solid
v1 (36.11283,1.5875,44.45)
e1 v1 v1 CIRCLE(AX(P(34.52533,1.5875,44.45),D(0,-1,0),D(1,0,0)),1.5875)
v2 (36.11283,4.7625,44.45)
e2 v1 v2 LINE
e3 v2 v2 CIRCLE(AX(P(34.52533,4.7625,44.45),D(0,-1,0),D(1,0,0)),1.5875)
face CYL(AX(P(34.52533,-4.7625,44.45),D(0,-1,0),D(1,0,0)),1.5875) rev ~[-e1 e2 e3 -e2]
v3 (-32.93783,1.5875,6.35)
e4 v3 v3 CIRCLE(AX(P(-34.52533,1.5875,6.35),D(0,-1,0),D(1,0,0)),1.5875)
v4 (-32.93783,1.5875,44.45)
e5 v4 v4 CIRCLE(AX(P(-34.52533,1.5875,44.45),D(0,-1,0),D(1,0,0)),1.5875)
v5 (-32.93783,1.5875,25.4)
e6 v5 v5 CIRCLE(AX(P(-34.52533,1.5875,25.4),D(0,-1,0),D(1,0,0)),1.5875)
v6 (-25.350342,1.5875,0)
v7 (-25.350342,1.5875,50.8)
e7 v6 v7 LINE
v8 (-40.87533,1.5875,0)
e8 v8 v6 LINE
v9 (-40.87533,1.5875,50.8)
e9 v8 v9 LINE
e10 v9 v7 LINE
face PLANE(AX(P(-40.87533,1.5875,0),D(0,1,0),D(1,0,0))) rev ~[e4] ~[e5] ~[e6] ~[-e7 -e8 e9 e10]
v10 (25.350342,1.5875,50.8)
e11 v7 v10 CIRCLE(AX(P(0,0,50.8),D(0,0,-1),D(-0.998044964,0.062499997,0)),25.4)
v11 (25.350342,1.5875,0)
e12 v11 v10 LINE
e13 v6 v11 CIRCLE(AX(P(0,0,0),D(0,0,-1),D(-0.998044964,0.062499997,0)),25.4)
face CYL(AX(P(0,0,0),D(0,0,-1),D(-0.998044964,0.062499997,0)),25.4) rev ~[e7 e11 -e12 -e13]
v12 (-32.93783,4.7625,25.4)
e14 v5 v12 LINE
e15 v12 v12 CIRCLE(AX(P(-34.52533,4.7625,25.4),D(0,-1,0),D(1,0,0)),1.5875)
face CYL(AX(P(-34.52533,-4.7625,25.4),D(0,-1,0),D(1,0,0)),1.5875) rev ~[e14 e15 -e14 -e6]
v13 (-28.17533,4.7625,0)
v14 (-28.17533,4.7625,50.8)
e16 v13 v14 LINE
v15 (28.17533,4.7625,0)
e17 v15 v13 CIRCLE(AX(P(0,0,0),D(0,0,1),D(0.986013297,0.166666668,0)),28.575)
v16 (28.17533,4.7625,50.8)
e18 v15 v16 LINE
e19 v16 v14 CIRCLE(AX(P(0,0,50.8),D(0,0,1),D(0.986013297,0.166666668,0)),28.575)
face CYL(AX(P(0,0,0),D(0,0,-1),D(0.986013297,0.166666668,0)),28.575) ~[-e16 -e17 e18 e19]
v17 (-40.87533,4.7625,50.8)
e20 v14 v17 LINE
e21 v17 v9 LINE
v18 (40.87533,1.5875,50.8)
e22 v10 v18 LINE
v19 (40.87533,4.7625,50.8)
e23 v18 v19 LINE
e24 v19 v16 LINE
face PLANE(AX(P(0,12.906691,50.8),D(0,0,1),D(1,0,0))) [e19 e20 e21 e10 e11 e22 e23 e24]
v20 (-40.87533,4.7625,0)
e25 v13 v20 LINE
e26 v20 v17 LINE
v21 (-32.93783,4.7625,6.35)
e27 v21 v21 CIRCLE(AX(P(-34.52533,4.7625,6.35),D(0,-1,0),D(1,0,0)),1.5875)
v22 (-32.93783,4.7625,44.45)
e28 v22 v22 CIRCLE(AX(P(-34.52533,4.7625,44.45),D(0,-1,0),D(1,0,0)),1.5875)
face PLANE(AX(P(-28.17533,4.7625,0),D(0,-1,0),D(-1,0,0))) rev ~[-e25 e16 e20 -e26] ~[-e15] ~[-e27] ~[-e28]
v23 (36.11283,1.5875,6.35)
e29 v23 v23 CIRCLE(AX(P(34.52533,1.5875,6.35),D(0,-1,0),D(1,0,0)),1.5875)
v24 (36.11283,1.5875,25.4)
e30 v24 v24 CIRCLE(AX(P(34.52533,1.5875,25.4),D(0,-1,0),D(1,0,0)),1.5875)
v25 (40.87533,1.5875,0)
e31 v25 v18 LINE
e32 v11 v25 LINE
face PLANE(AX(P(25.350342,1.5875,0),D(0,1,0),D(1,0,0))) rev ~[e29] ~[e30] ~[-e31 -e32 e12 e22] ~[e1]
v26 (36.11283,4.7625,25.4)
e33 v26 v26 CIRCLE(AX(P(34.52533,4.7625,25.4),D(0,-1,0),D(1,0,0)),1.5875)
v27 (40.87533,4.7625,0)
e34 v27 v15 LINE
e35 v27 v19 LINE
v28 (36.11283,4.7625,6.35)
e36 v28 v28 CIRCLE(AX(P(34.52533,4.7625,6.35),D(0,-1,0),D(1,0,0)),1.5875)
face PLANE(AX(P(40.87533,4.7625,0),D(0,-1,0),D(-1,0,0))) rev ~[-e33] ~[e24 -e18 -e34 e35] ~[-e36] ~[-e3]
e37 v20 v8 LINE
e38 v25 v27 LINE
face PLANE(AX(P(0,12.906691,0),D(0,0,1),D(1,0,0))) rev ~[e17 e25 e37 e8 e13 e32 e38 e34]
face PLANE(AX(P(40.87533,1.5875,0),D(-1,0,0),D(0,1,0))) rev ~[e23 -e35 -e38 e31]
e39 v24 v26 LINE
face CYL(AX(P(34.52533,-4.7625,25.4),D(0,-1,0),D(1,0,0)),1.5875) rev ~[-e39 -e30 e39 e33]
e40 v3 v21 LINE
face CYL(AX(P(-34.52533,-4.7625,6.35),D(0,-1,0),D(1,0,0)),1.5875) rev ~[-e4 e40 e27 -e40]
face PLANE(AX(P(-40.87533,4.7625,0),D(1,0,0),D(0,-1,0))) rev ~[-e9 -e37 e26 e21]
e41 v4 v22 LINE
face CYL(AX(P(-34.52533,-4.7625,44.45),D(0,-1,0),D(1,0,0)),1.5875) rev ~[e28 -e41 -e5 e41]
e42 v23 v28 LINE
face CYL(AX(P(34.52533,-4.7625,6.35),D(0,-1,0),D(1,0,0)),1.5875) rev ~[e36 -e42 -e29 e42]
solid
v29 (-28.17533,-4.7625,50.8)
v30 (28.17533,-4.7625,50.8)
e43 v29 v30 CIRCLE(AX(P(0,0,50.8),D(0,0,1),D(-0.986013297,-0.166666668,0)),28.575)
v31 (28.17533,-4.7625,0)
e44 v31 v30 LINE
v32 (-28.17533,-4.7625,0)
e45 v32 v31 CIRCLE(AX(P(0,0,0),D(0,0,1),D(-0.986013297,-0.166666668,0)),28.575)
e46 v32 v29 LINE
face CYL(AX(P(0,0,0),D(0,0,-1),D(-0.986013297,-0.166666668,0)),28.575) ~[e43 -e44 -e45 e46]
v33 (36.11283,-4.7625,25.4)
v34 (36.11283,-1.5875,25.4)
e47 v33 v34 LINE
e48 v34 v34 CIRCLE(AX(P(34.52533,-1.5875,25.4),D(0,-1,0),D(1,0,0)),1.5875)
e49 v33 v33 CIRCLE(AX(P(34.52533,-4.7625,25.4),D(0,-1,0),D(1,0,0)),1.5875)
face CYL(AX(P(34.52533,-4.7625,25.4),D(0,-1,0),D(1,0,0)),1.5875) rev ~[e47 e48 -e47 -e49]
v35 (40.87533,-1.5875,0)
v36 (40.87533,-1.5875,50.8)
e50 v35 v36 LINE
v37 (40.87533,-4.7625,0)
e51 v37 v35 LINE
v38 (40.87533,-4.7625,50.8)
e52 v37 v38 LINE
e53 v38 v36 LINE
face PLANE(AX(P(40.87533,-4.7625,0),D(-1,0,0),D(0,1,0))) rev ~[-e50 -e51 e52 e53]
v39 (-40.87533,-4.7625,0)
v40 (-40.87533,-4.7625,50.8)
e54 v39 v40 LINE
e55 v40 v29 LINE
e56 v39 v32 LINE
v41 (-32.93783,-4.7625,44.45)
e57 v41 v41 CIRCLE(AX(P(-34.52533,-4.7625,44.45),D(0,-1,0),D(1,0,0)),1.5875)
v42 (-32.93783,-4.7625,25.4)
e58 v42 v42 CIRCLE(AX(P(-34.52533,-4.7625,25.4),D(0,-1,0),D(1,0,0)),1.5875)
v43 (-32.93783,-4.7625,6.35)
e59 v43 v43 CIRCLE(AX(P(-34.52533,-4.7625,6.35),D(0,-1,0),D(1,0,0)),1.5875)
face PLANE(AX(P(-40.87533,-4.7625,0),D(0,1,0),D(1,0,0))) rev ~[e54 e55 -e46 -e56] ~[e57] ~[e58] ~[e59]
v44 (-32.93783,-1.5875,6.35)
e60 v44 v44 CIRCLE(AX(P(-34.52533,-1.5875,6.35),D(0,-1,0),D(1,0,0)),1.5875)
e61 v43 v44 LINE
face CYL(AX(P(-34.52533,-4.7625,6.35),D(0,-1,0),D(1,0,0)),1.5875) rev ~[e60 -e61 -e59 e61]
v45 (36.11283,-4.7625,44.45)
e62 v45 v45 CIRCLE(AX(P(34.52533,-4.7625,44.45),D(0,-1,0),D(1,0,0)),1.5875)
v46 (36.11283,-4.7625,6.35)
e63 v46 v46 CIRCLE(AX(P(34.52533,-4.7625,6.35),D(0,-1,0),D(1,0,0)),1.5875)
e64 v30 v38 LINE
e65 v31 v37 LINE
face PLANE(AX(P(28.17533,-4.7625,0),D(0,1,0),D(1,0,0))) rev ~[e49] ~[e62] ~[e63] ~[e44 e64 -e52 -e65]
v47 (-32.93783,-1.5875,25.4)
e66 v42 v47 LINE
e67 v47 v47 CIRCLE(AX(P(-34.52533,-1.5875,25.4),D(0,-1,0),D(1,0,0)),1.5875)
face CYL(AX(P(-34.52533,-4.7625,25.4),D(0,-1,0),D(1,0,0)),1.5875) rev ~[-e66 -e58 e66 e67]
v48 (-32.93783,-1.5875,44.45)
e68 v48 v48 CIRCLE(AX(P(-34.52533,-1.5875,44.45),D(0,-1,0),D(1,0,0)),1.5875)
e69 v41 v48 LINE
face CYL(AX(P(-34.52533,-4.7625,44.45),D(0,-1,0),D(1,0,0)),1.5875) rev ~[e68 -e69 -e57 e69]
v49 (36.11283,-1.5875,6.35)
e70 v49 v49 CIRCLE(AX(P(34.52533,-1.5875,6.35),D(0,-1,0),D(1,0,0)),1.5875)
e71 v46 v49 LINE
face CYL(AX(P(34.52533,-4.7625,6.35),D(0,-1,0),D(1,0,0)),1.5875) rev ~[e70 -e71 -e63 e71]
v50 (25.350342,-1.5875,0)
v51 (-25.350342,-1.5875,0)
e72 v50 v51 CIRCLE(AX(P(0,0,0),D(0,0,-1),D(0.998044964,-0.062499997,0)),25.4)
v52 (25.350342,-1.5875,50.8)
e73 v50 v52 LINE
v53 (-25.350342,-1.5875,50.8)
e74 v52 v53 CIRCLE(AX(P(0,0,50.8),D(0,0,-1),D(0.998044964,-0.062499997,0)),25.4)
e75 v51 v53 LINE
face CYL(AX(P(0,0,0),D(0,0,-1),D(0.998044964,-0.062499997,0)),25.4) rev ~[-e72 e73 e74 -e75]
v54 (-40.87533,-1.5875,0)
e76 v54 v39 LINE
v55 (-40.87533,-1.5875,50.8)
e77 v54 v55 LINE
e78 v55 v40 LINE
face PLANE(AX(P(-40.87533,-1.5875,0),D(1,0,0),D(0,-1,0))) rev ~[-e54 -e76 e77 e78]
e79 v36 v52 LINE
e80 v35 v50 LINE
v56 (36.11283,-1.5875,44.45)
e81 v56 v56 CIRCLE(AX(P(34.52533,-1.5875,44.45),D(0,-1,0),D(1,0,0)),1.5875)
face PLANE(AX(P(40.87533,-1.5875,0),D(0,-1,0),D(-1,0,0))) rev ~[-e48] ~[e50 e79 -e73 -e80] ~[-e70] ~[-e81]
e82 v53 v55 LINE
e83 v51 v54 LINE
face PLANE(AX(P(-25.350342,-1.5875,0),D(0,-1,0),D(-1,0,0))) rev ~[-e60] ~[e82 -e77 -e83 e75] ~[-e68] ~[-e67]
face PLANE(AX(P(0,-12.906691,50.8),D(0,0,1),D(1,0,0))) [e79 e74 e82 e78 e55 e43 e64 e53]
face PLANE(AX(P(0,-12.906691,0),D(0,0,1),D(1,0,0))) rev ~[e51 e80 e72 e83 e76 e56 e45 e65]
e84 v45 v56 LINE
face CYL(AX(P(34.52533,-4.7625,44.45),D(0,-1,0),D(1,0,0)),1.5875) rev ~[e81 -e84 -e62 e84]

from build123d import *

# Parameters (mm, degrees)
F1_DEPTH = 50.8
F2_R     = 1.5875
F3_DEPTH = 33.3385


with BuildPart() as f1:
    # F0 (on Top) → F1 (new body)
    with BuildSketch(Plane.XY):
        with BuildLine():
            ThreePointArc((25.350342, -1.5875), (0, -25.4), (-25.350342, -1.5875))
            Line((-25.350342, -1.5875), (-40.87533, -1.5875))
            Line((-40.87533, -1.5875), (-40.87533, -4.7625))
            Line((-40.87533, -4.7625), (-28.17533, -4.7625))
            ThreePointArc((-28.17533, -4.7625), (0, -28.575), (28.17533, -4.7625))
            Line((28.17533, -4.7625), (40.87533, -4.7625))
            Line((40.87533, -4.7625), (40.87533, -1.5875))
            Line((40.87533, -1.5875), (25.350342, -1.5875))
        make_face()
        with BuildLine():
            Line((-40.87533, 4.7625), (-40.87533, 1.5875))
            Line((-40.87533, 1.5875), (-25.350342, 1.5875))
            ThreePointArc((-25.350342, 1.5875), (0, 25.4), (25.350342, 1.5875))
            Line((25.350342, 1.5875), (40.87533, 1.5875))
            Line((40.87533, 1.5875), (40.87533, 4.7625))
            Line((40.87533, 4.7625), (28.17533, 4.7625))
            ThreePointArc((28.17533, 4.7625), (0, 28.575), (-28.17533, 4.7625))
            Line((-28.17533, 4.7625), (-40.87533, 4.7625))
        make_face()
    extrude(amount=F1_DEPTH)

    # F2 (on face) → F3 (cut, through all)
    with BuildSketch(Plane.XZ.offset(4.7625)):
        with Locations((34.52533, 44.45)):
            Circle(F2_R)
        with Locations((34.52533, 25.4)):
            Circle(F2_R)
        with Locations((34.52533, 6.35)):
            Circle(F2_R)
        with Locations((-34.52533, 25.4)):
            Circle(F2_R)
        with Locations((-34.52533, 6.35)):
            Circle(F2_R)
        with Locations((-34.52533, 44.45)):
            Circle(F2_R)
    extrude(amount=-F3_DEPTH, mode=Mode.SUBTRACT)


solid = f1.part
